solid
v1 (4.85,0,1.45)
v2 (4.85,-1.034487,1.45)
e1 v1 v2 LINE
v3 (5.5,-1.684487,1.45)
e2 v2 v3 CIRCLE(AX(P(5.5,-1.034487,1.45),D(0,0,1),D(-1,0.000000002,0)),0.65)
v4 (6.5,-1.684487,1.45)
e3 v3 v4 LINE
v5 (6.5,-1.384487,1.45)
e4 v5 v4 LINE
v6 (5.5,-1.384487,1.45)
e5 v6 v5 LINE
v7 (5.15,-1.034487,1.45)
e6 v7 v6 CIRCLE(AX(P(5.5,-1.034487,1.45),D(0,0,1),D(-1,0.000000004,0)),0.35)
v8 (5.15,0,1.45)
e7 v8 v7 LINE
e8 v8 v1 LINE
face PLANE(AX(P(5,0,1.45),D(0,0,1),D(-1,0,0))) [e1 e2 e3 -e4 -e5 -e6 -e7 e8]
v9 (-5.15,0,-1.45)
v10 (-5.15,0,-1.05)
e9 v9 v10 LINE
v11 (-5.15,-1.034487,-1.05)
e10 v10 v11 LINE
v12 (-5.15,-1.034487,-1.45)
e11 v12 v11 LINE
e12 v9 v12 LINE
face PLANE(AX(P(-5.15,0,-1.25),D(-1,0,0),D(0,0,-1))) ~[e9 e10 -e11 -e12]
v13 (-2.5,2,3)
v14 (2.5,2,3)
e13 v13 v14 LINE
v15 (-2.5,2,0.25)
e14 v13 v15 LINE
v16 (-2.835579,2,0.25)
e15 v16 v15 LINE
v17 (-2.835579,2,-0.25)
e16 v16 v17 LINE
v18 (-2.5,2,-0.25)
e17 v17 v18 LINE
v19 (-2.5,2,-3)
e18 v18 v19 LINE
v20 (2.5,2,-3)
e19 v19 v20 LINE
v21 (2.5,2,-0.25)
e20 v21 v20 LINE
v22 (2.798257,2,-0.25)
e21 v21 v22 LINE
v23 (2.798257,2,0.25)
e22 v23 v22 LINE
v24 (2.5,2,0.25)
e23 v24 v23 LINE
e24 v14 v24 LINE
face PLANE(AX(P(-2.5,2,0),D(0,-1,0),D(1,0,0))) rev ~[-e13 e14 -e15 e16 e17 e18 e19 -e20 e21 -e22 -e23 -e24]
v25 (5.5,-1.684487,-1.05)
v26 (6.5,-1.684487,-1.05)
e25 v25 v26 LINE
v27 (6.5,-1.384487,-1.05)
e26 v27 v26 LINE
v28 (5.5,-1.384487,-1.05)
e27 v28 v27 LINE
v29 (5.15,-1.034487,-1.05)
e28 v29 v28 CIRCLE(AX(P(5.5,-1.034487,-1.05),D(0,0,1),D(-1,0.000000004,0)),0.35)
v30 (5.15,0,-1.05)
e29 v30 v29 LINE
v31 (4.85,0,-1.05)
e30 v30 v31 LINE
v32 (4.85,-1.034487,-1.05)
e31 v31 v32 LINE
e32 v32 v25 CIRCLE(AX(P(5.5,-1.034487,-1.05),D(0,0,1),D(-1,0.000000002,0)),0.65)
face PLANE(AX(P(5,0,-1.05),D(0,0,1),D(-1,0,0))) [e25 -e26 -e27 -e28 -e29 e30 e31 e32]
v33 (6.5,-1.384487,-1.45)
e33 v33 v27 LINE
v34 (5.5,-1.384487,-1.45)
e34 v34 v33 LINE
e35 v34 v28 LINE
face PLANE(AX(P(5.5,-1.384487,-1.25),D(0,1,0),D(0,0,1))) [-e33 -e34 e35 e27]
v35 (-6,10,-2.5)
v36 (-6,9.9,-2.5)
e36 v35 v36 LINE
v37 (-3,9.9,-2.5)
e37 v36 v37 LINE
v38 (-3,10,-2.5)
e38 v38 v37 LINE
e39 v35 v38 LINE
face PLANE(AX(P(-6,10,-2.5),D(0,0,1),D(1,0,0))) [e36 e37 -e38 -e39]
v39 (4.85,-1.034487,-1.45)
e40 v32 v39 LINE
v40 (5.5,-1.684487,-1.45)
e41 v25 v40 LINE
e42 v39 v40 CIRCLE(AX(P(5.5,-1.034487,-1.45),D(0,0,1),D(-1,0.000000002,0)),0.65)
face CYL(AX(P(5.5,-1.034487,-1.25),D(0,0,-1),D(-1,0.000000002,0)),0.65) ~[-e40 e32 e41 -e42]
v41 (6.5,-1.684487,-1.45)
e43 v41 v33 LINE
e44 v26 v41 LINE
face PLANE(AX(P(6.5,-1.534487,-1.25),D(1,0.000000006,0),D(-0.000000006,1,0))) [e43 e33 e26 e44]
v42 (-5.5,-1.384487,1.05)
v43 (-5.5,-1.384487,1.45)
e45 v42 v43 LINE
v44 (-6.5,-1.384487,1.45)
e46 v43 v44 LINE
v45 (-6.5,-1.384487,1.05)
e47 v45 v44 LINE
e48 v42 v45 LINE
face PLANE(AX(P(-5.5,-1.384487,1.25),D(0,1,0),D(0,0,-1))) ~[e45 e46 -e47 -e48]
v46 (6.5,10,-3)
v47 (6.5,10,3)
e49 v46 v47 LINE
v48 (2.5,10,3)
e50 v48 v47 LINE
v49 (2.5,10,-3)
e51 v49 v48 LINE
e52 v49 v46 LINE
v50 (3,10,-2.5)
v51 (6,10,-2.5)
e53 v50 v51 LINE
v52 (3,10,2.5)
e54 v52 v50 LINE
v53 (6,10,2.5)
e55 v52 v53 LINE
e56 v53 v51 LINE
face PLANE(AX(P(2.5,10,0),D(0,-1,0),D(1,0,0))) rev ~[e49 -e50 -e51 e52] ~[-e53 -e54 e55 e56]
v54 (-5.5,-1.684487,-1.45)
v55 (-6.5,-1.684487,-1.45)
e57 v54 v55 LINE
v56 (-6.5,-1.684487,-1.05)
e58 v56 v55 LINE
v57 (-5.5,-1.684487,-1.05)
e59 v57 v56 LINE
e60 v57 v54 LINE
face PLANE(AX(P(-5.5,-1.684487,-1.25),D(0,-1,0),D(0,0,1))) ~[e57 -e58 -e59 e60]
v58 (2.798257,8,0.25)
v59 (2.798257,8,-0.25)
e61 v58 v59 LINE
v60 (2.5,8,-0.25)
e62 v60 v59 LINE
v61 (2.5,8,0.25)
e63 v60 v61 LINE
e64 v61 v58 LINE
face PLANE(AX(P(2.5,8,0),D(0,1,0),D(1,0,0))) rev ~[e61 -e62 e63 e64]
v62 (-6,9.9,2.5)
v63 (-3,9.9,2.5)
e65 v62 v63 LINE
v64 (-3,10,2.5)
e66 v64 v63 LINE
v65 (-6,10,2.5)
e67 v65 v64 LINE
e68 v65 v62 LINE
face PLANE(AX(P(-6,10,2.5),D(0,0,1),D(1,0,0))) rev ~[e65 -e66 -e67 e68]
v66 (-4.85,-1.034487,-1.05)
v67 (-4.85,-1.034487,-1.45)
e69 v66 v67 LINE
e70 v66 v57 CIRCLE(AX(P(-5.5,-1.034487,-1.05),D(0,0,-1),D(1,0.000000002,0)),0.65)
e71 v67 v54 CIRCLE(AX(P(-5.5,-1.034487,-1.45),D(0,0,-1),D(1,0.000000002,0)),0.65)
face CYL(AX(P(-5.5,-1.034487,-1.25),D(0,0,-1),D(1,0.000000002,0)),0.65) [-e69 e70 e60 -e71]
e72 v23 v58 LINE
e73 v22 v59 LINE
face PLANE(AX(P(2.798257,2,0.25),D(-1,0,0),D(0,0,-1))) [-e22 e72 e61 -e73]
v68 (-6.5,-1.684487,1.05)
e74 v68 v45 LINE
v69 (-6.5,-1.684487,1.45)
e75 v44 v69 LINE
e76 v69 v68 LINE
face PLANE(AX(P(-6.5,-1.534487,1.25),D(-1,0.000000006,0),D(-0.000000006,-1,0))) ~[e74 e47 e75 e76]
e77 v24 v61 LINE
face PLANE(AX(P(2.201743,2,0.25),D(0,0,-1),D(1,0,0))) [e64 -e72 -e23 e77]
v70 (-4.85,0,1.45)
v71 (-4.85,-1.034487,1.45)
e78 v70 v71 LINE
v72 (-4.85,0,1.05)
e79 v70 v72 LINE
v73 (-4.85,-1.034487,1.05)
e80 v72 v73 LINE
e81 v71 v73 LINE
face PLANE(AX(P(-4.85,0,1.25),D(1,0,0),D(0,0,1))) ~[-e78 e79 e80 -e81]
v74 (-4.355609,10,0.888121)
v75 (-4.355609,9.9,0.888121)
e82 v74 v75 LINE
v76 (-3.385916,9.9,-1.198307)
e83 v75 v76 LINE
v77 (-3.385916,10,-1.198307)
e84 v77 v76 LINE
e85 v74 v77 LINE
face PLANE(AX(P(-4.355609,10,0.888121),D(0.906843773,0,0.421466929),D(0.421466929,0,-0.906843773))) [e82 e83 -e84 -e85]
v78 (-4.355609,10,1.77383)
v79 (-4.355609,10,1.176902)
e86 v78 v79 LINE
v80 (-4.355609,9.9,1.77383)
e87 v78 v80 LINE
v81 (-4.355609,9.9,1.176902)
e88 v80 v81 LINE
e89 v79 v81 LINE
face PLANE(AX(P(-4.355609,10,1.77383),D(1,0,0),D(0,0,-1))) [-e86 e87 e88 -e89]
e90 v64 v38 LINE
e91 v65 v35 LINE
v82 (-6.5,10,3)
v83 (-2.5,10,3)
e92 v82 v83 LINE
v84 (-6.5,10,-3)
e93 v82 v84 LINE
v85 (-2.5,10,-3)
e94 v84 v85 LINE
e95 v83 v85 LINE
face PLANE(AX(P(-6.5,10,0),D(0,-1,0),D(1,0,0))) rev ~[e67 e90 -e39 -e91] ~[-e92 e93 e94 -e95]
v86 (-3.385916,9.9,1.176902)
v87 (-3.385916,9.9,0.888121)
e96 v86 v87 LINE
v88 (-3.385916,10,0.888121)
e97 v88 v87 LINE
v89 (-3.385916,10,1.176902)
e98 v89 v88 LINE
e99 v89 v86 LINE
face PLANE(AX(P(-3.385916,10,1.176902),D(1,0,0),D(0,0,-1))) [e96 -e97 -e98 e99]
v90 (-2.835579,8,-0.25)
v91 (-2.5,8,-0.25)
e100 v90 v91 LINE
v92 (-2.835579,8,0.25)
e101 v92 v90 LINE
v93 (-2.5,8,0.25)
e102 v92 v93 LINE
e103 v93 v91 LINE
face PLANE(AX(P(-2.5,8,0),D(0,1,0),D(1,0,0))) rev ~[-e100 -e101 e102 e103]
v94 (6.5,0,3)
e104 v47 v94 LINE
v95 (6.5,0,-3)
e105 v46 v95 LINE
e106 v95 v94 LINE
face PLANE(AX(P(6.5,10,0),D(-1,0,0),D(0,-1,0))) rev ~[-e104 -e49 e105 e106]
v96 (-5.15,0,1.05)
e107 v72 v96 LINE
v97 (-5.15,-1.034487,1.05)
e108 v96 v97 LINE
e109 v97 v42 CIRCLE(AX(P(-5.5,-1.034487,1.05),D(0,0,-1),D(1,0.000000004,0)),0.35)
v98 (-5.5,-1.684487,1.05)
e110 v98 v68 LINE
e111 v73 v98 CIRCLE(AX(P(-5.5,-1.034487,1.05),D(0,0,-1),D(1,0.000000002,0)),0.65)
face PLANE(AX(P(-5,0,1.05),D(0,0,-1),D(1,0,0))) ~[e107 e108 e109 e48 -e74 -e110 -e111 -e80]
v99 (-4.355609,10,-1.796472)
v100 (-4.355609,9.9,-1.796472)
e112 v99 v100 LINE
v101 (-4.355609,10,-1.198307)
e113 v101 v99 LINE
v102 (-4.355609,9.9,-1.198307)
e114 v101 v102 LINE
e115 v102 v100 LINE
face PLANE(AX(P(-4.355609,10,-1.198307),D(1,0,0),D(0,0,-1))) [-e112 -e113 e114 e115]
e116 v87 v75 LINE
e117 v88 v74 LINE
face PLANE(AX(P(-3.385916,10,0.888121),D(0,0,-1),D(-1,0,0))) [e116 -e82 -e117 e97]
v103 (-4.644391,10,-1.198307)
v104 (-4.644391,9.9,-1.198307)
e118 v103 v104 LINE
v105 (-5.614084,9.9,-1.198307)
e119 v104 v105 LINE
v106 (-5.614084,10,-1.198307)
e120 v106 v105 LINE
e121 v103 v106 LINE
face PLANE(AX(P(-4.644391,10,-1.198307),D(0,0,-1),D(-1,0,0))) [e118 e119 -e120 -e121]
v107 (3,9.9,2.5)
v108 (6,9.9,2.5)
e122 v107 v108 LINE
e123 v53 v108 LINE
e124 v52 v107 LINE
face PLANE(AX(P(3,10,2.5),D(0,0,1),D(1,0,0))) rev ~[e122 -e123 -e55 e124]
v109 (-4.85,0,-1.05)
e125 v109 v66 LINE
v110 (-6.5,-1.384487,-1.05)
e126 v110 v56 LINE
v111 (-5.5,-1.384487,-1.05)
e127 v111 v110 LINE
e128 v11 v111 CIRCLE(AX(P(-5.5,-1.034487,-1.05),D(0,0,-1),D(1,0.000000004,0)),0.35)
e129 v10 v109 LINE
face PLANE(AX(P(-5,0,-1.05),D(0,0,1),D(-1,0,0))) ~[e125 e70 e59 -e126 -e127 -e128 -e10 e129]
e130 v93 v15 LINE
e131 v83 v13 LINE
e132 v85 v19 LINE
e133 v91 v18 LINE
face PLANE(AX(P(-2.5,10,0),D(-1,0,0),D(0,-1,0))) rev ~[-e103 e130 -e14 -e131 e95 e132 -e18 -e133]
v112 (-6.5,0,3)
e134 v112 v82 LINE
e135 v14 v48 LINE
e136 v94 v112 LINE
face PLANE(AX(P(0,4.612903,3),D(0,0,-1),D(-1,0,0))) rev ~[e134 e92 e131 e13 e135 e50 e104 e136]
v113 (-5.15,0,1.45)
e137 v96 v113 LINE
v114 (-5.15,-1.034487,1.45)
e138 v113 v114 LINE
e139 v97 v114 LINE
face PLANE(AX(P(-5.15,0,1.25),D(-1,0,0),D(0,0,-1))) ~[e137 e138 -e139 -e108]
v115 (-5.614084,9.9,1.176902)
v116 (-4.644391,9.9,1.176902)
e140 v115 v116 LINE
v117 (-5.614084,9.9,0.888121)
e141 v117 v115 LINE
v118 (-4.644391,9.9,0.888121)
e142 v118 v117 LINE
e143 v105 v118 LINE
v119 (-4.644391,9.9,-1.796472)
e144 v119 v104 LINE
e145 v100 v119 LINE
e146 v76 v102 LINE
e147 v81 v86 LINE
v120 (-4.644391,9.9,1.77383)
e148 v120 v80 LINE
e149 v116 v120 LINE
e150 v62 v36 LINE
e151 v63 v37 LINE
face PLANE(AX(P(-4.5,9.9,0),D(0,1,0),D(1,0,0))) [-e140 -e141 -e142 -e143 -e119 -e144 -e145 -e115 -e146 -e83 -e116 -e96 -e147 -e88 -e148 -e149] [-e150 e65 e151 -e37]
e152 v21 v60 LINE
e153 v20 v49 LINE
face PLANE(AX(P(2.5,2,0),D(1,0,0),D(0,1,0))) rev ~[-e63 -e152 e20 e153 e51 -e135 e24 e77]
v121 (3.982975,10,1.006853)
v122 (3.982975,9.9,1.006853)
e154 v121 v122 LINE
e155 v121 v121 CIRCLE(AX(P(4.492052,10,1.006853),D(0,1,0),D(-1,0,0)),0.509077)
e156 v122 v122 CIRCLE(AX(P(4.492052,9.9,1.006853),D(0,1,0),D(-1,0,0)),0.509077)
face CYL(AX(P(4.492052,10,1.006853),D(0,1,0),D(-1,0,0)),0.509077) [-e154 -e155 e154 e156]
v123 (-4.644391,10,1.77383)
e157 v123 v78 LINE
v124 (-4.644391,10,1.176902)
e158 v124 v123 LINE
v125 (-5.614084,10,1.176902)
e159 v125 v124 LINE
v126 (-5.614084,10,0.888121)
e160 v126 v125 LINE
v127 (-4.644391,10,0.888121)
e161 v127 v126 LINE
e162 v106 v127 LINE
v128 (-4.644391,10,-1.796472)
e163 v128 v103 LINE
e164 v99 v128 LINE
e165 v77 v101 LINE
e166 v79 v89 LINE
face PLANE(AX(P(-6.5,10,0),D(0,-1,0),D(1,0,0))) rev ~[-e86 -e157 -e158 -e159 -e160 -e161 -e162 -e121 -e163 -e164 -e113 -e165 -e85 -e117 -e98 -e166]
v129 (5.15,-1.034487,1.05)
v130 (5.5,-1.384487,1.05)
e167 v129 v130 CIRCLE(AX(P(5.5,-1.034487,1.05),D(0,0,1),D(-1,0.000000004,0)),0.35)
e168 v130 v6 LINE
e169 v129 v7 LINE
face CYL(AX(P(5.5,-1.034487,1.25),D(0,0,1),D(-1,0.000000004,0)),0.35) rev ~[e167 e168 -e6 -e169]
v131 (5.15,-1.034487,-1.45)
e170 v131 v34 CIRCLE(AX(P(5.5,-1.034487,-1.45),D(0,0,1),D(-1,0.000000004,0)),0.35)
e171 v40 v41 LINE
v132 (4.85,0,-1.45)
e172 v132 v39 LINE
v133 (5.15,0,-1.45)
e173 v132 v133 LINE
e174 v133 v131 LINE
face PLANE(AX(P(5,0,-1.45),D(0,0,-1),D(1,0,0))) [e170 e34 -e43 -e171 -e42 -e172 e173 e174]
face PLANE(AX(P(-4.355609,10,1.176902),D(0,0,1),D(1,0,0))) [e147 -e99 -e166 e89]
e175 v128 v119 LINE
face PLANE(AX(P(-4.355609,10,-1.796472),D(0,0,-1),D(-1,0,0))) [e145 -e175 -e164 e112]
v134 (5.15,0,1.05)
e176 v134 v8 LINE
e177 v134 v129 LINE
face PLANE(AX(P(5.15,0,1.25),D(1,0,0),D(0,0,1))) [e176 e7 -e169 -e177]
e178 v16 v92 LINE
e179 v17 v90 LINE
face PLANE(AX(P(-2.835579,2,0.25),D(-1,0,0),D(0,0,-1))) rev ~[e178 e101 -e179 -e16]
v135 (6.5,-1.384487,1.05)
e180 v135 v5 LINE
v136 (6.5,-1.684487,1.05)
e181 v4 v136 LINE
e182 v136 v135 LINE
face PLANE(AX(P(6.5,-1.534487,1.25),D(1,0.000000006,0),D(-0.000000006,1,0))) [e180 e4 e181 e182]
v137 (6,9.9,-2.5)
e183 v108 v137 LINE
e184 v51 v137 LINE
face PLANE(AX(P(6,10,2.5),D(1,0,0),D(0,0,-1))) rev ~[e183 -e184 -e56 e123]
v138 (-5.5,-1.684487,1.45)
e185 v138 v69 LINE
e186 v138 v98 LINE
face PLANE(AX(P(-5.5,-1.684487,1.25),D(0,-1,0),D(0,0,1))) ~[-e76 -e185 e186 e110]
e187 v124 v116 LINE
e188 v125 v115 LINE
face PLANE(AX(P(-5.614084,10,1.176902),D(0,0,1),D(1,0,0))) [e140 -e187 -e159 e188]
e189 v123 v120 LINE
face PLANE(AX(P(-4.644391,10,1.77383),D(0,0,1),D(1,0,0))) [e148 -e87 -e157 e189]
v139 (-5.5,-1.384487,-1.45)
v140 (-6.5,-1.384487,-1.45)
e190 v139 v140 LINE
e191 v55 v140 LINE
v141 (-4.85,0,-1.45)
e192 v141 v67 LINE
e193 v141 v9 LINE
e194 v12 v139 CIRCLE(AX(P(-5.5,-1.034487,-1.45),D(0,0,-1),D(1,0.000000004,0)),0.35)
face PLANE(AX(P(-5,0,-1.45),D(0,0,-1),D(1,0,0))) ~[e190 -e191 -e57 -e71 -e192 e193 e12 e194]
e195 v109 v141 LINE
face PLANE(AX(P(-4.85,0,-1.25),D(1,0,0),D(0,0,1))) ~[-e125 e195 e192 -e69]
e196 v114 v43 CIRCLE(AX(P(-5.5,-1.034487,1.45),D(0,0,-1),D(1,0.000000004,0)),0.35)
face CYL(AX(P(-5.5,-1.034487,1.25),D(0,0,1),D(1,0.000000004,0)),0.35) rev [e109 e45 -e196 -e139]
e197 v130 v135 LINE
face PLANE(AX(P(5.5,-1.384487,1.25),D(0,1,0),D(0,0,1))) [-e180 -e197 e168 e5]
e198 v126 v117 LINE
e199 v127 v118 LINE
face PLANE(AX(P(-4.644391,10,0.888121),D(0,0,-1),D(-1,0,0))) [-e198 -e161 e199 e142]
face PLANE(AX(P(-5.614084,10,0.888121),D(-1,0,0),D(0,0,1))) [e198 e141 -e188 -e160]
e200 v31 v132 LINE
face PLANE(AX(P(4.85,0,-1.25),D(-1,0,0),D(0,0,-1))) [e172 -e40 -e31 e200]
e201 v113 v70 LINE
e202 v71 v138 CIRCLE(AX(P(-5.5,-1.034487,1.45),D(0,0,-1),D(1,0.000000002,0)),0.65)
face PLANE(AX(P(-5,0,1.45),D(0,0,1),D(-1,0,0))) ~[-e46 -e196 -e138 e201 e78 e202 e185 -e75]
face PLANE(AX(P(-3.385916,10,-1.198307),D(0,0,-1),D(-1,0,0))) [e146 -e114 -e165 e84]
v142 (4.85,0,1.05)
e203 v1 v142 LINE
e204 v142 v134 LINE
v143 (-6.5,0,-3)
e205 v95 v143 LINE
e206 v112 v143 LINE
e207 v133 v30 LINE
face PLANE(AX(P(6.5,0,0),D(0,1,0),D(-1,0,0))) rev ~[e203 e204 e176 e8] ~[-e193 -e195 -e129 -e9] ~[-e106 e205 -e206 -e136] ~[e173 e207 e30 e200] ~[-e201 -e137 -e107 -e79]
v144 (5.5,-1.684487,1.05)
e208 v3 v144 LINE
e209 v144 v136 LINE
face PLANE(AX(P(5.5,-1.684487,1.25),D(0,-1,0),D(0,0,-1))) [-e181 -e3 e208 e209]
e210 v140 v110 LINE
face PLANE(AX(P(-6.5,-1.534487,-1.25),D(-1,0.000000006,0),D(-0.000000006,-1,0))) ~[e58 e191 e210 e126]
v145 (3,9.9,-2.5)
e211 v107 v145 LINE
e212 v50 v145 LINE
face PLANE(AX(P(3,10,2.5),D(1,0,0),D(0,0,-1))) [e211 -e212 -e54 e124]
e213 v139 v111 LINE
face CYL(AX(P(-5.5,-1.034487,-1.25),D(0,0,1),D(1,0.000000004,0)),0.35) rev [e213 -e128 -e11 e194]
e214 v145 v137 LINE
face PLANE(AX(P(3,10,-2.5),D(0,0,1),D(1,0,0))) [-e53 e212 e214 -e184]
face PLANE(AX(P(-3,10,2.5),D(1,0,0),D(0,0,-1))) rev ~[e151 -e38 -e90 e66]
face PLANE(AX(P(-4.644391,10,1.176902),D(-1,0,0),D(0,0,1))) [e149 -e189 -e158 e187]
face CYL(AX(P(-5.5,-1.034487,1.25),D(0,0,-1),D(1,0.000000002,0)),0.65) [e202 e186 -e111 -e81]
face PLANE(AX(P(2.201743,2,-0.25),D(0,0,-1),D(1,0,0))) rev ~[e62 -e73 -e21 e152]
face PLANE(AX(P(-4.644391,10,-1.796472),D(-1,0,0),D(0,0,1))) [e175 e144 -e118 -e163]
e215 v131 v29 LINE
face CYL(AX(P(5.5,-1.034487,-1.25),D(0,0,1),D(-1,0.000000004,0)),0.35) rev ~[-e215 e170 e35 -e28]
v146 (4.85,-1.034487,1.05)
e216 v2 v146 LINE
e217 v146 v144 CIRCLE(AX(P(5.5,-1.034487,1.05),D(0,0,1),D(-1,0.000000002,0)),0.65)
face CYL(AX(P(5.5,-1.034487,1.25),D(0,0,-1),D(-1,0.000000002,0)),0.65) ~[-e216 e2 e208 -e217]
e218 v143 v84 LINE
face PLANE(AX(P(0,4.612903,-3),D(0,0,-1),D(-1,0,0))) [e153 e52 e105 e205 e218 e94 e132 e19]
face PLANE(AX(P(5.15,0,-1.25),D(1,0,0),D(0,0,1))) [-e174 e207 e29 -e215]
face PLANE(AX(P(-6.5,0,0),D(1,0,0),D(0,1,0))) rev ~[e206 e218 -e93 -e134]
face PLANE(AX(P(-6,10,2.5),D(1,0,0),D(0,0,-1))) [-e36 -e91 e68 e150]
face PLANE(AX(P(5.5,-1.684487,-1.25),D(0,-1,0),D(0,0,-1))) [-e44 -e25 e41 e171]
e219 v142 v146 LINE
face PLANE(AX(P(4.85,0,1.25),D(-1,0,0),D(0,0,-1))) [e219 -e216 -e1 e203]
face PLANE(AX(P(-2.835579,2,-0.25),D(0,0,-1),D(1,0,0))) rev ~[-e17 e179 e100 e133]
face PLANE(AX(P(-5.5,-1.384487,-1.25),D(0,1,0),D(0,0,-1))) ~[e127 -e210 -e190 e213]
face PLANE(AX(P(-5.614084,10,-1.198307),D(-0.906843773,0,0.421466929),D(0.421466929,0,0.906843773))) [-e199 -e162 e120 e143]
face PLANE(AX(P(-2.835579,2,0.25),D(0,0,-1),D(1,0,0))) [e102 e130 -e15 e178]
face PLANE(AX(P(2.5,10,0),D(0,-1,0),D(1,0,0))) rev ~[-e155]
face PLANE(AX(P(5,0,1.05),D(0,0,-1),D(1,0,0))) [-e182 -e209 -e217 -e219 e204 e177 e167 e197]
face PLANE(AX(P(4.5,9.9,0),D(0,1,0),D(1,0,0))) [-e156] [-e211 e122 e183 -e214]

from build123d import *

# Parameters (mm, degrees)
BASE_DEPTH      = 3
SKETCH2_W       = 3
SKETCH2_H       = 5
SKETCH2_R       = 0.509076859
POLARITY_DEPTH  = 0.1
SKETCH3_W       = 0.671157402
SKETCH3_H       = 0.5
SKETCH3_W_2     = 0.596513076
LIGHTSLOT_DEPTH = 6
SKETCH4_W       = 0.3
SKETCH4_H       = 0.4


with BuildPart() as part:
    # Sketch1 → Base (new, symmetric)
    with BuildSketch(Plane.XY):
        Polygon((6.5, 0), (-6.5, 0), (-6.5, 10), (-2.5, 10), (-2.5, 2), (2.5, 2), (2.5, 10), (6.5, 10), align=None)
    extrude(amount=BASE_DEPTH, both=True)

    # Sketch2 → Polarity (cut)
    # profile 1 of 2: a face of its own
    with BuildSketch(Plane(origin=(0, 10, 0), x_dir=(1, 0, 0), z_dir=(0, 1, 0))):
        with Locations((-4.5, 0)):
            Rectangle(SKETCH2_W, SKETCH2_H)
        Polygon((-4.644390506, 1.198307086), (-5.614083966, 1.198307086), (-4.644390506, -0.88812109), (-5.614083966, -0.88812109), (-5.614083966, -1.176902103), (-4.644390506, -1.176902103), (-4.644390506, -1.773829525), (-4.355609494, -1.773829525), (-4.355609494, -1.176902103), (-3.385916034, -1.176902103), (-3.385916034, -0.88812109), (-4.355609494, -0.88812109), (-3.385916034, 1.198307086), (-4.355609494, 1.198307086), (-4.355609494, 1.796472229), (-4.644390506, 1.796472229), align=None, mode=Mode.SUBTRACT)
    # profile 2 of 2: a face of its own
    with BuildSketch(Plane(origin=(0, 10, 0), x_dir=(1, 0, 0), z_dir=(0, 1, 0))):
        with Locations((4.5, 0)):
            Rectangle(SKETCH2_W, SKETCH2_H)
        with Locations(Location((4.492051803, -1.006853172, 0), (0, 0, 180))):
            Circle(SKETCH2_R, mode=Mode.SUBTRACT)
    extrude(amount=-POLARITY_DEPTH, mode=Mode.SUBTRACT)

    # Sketch3 → LightSlot (cut)
    with BuildSketch(Plane(origin=(0, 2, 0), x_dir=(1, 0, 0), z_dir=(0, 1, 0))):
        with Locations((-2.5, 0)):
            Rectangle(SKETCH3_W, SKETCH3_H)
        with Locations((2.5, 0)):
            Rectangle(SKETCH3_W_2, SKETCH3_H)
    extrude(amount=LIGHTSLOT_DEPTH, mode=Mode.SUBTRACT)

    # Sweep1: sweep along a curve in space
    with BuildLine() as sweep1_path:
        Line((5, 0, 1.25), (5, -1.034487075, 1.25))
        ThreePointArc((5, -1.034487075, 1.25), (5.146446609, -1.388040466, 1.25), (5.5, -1.534487075, 1.25))
        Line((5.5, -1.534487075, 1.25), (6.5, -1.534487075, 1.25))
    # Sketch4 → Sweep1 (sweep)
    with BuildSketch(Plane.XZ):
        with Locations((5, 1.25)):
            Rectangle(SKETCH4_W, SKETCH4_H)
        with Locations((5, -1.25)):
            Rectangle(SKETCH4_W, SKETCH4_H)
    sweep1 = sweep(path=sweep1_path.line)

    # Mirror1: Sweep1 across plane
    add(sweep1.mirror(Plane(origin=(0, 0, 0), x_dir=(0, 0, 1), z_dir=(1, 0, 0))))


solid = part.part
